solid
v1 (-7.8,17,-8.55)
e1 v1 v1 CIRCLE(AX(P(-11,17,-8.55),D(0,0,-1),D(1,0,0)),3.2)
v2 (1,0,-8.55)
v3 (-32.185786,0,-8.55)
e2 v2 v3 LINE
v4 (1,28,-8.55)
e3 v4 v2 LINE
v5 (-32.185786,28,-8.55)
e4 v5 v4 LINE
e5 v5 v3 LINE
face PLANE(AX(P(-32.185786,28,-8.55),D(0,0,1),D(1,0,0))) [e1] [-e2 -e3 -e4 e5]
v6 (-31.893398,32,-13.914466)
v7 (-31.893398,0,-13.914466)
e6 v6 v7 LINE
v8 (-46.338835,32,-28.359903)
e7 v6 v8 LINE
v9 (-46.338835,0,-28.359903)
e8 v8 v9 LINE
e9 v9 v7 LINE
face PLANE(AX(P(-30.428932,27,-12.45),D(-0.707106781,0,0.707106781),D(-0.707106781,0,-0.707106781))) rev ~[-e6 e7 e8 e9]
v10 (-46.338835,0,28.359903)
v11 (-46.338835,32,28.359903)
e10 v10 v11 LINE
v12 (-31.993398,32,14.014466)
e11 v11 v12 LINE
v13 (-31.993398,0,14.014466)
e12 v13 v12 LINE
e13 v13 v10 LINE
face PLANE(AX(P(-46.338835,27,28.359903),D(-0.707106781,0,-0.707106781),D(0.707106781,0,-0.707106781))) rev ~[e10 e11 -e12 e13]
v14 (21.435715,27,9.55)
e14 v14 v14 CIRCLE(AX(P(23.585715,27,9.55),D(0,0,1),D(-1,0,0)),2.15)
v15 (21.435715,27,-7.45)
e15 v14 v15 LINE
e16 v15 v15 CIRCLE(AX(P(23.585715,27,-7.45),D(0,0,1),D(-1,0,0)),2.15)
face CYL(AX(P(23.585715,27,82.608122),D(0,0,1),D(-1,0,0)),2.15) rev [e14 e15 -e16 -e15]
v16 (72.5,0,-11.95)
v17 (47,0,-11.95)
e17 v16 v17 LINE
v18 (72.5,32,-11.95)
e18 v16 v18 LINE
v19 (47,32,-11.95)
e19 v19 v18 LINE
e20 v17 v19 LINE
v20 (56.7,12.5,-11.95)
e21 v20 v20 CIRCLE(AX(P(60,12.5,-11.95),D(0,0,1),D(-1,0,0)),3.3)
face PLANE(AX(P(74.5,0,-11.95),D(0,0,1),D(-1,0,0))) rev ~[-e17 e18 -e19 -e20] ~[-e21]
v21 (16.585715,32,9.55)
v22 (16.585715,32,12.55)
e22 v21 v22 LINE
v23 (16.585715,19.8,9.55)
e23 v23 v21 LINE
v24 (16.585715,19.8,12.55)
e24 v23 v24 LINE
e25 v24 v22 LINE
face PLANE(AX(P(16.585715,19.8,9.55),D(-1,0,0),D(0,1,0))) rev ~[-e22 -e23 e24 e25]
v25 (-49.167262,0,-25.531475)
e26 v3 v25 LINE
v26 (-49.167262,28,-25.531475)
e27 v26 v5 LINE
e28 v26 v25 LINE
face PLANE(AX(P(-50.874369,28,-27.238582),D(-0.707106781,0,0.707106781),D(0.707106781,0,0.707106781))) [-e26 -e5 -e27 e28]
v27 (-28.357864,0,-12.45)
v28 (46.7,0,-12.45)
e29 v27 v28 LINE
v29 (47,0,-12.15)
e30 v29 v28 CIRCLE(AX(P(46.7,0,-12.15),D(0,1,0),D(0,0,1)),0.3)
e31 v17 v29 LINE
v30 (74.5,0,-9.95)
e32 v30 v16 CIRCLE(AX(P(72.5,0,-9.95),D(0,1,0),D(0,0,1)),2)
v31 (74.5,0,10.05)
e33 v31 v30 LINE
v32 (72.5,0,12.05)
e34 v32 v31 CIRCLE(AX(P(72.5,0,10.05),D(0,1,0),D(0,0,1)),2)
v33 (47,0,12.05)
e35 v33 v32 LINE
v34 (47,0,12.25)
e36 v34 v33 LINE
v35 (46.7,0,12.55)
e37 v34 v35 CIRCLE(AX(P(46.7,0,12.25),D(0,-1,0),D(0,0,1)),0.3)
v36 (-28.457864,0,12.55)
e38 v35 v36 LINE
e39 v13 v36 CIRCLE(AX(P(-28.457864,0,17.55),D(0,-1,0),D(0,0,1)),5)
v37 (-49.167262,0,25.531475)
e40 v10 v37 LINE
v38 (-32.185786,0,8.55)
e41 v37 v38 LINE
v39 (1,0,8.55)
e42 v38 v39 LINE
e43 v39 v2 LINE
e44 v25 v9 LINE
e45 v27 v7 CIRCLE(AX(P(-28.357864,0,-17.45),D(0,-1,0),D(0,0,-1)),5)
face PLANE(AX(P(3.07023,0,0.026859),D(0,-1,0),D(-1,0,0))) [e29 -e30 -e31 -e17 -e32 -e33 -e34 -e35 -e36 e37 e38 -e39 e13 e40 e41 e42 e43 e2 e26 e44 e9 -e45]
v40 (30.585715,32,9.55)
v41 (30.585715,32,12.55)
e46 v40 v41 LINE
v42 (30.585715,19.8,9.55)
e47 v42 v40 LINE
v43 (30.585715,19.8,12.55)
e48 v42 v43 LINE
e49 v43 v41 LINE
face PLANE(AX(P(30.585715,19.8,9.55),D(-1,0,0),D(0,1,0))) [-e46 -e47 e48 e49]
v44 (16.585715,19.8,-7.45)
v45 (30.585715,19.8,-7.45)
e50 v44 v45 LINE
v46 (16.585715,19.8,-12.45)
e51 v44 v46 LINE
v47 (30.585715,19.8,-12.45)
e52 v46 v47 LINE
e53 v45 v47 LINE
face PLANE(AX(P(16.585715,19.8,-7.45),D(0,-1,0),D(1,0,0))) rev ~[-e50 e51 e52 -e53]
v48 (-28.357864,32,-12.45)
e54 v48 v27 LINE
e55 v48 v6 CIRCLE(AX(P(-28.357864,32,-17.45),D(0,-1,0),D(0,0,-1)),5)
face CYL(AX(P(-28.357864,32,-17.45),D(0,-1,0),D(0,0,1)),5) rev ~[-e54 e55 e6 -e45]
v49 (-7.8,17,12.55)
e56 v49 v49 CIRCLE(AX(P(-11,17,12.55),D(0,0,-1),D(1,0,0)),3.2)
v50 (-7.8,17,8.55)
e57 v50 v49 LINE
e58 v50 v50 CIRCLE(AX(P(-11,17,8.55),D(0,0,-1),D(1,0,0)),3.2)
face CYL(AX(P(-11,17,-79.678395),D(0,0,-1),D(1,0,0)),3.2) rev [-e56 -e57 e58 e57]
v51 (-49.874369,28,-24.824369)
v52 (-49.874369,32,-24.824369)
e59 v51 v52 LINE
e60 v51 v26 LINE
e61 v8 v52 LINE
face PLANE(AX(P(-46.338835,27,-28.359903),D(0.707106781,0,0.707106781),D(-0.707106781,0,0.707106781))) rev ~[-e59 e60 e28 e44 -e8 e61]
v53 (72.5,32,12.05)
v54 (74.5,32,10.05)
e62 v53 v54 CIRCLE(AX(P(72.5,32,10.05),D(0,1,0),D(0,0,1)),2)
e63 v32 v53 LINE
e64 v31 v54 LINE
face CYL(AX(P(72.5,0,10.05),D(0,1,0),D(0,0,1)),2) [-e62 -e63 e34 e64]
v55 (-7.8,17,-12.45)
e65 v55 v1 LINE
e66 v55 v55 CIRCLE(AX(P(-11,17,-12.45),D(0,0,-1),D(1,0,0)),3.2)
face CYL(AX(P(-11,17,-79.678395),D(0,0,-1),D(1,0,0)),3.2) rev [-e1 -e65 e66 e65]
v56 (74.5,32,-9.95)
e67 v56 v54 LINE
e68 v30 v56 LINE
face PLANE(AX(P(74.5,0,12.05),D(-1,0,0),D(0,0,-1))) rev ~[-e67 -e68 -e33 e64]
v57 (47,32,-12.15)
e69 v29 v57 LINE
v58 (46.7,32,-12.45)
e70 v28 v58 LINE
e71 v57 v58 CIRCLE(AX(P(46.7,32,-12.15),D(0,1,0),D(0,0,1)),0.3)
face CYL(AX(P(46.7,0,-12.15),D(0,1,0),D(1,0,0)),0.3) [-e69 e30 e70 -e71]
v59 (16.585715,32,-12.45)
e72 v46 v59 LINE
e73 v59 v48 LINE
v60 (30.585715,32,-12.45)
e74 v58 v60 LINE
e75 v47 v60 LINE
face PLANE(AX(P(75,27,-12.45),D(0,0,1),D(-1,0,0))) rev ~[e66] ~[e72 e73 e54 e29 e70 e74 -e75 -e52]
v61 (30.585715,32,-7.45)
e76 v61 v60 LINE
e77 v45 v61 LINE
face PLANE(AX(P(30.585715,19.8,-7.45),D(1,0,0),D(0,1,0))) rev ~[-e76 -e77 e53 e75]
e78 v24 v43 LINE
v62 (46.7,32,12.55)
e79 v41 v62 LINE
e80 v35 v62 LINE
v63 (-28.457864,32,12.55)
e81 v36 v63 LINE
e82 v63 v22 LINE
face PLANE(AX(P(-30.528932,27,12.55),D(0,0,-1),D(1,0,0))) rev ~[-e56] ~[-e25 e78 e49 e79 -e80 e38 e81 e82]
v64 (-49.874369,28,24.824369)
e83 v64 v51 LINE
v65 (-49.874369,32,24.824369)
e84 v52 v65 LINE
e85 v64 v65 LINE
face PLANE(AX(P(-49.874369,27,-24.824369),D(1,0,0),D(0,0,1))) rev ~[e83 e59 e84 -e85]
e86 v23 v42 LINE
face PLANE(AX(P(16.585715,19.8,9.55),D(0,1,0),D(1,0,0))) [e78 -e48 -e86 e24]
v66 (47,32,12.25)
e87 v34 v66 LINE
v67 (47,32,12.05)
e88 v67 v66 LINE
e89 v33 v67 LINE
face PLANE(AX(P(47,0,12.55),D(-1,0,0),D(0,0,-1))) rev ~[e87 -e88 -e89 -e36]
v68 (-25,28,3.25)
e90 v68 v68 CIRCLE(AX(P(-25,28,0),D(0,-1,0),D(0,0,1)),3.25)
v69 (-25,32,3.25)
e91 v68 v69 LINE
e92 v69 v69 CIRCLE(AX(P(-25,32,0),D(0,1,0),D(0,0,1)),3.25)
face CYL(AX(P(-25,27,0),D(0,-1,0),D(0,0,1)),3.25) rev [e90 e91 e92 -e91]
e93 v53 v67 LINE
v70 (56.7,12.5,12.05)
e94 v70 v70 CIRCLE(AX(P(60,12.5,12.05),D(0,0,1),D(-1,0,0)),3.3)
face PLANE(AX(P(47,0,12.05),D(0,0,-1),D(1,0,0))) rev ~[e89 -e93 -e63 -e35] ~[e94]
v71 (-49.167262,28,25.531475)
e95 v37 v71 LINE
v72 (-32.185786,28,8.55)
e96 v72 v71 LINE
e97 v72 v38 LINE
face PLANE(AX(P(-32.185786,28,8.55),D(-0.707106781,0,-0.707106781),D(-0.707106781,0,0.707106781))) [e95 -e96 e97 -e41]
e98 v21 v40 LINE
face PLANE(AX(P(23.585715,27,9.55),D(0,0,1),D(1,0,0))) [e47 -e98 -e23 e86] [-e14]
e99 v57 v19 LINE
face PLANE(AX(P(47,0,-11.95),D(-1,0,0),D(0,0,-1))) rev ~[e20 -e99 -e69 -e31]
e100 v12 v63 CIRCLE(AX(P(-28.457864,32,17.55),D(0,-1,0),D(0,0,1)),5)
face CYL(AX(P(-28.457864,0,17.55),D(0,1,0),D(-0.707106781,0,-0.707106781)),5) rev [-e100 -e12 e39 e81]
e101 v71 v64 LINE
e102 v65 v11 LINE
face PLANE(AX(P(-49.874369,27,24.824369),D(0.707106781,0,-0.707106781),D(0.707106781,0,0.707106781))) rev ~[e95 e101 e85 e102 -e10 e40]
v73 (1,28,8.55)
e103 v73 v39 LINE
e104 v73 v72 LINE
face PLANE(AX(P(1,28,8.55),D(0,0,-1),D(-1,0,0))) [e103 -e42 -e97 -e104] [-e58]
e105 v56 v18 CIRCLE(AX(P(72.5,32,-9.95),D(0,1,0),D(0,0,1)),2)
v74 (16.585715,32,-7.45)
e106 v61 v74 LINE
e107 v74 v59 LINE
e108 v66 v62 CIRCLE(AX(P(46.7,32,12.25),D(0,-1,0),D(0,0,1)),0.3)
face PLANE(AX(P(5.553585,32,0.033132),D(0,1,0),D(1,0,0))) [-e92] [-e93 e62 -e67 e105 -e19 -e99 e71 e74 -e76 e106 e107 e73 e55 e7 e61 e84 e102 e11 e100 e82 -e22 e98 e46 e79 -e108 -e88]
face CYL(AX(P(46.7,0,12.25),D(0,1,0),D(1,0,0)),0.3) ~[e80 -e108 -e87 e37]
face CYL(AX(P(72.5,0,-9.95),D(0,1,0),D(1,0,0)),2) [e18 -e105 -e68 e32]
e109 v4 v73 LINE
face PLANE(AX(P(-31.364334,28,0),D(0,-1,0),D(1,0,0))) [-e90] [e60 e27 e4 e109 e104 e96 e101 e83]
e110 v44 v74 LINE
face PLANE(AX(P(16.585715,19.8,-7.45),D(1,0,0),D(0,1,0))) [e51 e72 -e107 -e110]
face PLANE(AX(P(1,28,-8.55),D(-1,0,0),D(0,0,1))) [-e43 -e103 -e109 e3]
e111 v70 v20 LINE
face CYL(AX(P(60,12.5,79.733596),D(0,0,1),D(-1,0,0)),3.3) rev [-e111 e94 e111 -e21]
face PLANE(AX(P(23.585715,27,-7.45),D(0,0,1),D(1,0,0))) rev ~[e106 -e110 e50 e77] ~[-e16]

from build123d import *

# Parameters (mm, degrees)
BOSS_EXTRUDE1_DEPTH     = 27
SKETCH2_R               = 3.25
BOSS_EXTRUDE2_DEPTH     = 5
CUT_EXTRUDE1_DEPTH      = 92.228395409
CUT_EXTRUDE1_DEPTH_BACK = 92.228395409
SKETCH3_R               = 3.2
SKETCH4_W               = 10
SKETCH4_H               = 5
SKETCH4_H_2             = 3
CUT_EXTRUDE2_DEPTH      = 10.2
CUT_EXTRUDE3_DEPTH      = 90.058122159
CUT_EXTRUDE3_DEPTH_BACK = 90.058122159
SKETCH5_R               = 2.15
CUT_EXTRUDE4_DEPTH      = 92.183595829
CUT_EXTRUDE4_DEPTH_BACK = 92.183595829
SKETCH6_R               = 3.3
CUT_EXTRUDE5_START      = 9.55
SKETCH8_W               = 14
SKETCH8_H               = 14.4
CUT_EXTRUDE5_DEPTH      = 10
CUT_EXTRUDE6_START      = -7.45
SKETCH8_2_W             = 14
SKETCH8_2_H             = 14.4
CUT_EXTRUDE6_DEPTH      = 10
CUT_EXTRUDE7_DEPTH      = 87.332404543
CUT_EXTRUDE8_START      = -1
CUT_EXTRUDE8_DEPTH      = 86.163733723
FILLET3_R               = 5
FILLET4_R               = 2
FILLET5_R               = 0.3


with BuildPart() as part:
    # Sketch1 → Boss-Extrude1 (new body)
    with BuildSketch(Plane(origin=(0, 0, 0), x_dir=(1, 0, 0), z_dir=(0, 1, 0))):
        Polygon((0, 7.55), (-32.6, 7.55), (-49.874368671, 24.824368671), (-46.338834765, 28.359902577), (-30.428932188, 12.45), (75, 12.45), (75, -12.55), (-30.528932188, -12.55), (-46.338834765, -28.359902577), (-49.874368671, -24.824368671), (-32.6, -7.55), (0, -7.55), align=None)
    extrude(amount=BOSS_EXTRUDE1_DEPTH)

    # Sketch2 → Boss-Extrude2 (add)
    with BuildSketch(Plane(origin=(0, 27, 0), x_dir=(1, 0, 0), z_dir=(0, 1, 0))):
        Polygon((-49.874368671, 24.824368671), (-49.874368671, -24.824368671), (-46.338834765, -28.359902577), (-30.528932188, -12.55), (75, -12.55), (75, 12.45), (-30.428932188, 12.45), (-46.338834765, 28.359902577), align=None)
        with Locations(Location((-25, 0, 0), (0, 0, 270))):
            Circle(SKETCH2_R, mode=Mode.SUBTRACT)
    extrude(amount=BOSS_EXTRUDE2_DEPTH)

    # Sketch3 → Cut-Extrude1 (cut, two sides: drawn at the far end of the back side and taken through both)
    with BuildSketch(Plane.XY.offset(12.55).offset(-CUT_EXTRUDE1_DEPTH_BACK)):
        with Locations((-11, 17)):
            Circle(SKETCH3_R)
    extrude(amount=CUT_EXTRUDE1_DEPTH + CUT_EXTRUDE1_DEPTH_BACK, mode=Mode.SUBTRACT)

    # Sketch4 → Cut-Extrude2 (cut)
    with BuildSketch(Plane(origin=(0, 32, 0), x_dir=(1, 0, 0), z_dir=(0, 1, 0))):
        with Locations((23.58571545, 9.95)):
            Rectangle(SKETCH4_W, SKETCH4_H)
        with Locations((23.58571545, -11.05)):
            Rectangle(SKETCH4_W, SKETCH4_H_2)
    extrude(amount=-CUT_EXTRUDE2_DEPTH, mode=Mode.SUBTRACT)

    # Sketch5 → Cut-Extrude3 (cut, two sides: drawn at the far end of the back side and taken through both)
    with BuildSketch(Plane(origin=(0, 0, -7.45), x_dir=(-1, 0, 0), z_dir=(0, 0, -1)).offset(-CUT_EXTRUDE3_DEPTH_BACK)):
        with Locations((-23.58571545, 27)):
            Circle(SKETCH5_R)
    extrude(amount=CUT_EXTRUDE3_DEPTH + CUT_EXTRUDE3_DEPTH_BACK, mode=Mode.SUBTRACT)

    # Sketch6 → Cut-Extrude4 (cut, two sides: drawn at the far end of the back side and taken through both)
    with BuildSketch(Plane(origin=(0, 0, -12.45), x_dir=(-1, 0, 0), z_dir=(0, 0, -1)).offset(-CUT_EXTRUDE4_DEPTH_BACK)):
        with Locations((-60, 12.5)):
            Circle(SKETCH6_R)
    extrude(amount=CUT_EXTRUDE4_DEPTH + CUT_EXTRUDE4_DEPTH_BACK, mode=Mode.SUBTRACT)

    # Sketch8 → Cut-Extrude5 (cut)
    with BuildSketch(Plane.XY.offset(CUT_EXTRUDE5_START)):
        with Locations((23.58571545, 27)):
            Rectangle(SKETCH8_W, SKETCH8_H)
    extrude(amount=CUT_EXTRUDE5_DEPTH, mode=Mode.SUBTRACT)

    # Sketch8<2> → Cut-Extrude6 (cut)
    with BuildSketch(Plane.XY.offset(CUT_EXTRUDE6_START)):
        with Locations((23.58571545, 27)):
            Rectangle(SKETCH8_2_W, SKETCH8_2_H)
    extrude(amount=-CUT_EXTRUDE6_DEPTH, mode=Mode.SUBTRACT)

    # Sketch9 → Cut-Extrude7 (cut, through all)
    with BuildSketch(Plane.XZ):
        Polygon((75, 12.55), (47, 12.55), (47, 12.05), (74.5, 12.05), (74.5, -11.95), (47, -11.95), (47, -12.45), (75, -12.45), (75, -11.95), (75, 12.05), align=None)
    extrude(amount=-CUT_EXTRUDE7_DEPTH, mode=Mode.SUBTRACT)

    # Sketch10 → Cut-Extrude8 (cut, through all)
    with BuildSketch(Plane.XZ.offset(-27).offset(CUT_EXTRUDE8_START)):
        Polygon((-50.874368671, 27.238582233), (-50.874368671, -27.238582233), (-32.185786438, -8.55), (1, -8.55), (1, 8.55), (-32.185786438, 8.55), align=None)
    extrude(amount=CUT_EXTRUDE8_DEPTH, mode=Mode.SUBTRACT)

    # Fillet3
    fillet3_edges = [part.edges().sort_by_distance(p)[0] for p in [
        (-30.428932188, 16, -12.45),
        (-30.528932188, 16, 12.55),
    ]]
    fillet(fillet3_edges, radius=FILLET3_R)

    # Fillet4
    fillet4_edges = [part.edges().sort_by_distance(p)[0] for p in [
        (74.5, 16, 12.05),
        (74.5, 16, -11.95),
    ]]
    fillet(fillet4_edges, radius=FILLET4_R)

    # Fillet5
    fillet5_edges = [part.edges().sort_by_distance(p)[0] for p in [
        (47, 16, 12.55),
        (47, 16, -12.45),
    ]]
    fillet(fillet5_edges, radius=FILLET5_R)


solid = part.part
